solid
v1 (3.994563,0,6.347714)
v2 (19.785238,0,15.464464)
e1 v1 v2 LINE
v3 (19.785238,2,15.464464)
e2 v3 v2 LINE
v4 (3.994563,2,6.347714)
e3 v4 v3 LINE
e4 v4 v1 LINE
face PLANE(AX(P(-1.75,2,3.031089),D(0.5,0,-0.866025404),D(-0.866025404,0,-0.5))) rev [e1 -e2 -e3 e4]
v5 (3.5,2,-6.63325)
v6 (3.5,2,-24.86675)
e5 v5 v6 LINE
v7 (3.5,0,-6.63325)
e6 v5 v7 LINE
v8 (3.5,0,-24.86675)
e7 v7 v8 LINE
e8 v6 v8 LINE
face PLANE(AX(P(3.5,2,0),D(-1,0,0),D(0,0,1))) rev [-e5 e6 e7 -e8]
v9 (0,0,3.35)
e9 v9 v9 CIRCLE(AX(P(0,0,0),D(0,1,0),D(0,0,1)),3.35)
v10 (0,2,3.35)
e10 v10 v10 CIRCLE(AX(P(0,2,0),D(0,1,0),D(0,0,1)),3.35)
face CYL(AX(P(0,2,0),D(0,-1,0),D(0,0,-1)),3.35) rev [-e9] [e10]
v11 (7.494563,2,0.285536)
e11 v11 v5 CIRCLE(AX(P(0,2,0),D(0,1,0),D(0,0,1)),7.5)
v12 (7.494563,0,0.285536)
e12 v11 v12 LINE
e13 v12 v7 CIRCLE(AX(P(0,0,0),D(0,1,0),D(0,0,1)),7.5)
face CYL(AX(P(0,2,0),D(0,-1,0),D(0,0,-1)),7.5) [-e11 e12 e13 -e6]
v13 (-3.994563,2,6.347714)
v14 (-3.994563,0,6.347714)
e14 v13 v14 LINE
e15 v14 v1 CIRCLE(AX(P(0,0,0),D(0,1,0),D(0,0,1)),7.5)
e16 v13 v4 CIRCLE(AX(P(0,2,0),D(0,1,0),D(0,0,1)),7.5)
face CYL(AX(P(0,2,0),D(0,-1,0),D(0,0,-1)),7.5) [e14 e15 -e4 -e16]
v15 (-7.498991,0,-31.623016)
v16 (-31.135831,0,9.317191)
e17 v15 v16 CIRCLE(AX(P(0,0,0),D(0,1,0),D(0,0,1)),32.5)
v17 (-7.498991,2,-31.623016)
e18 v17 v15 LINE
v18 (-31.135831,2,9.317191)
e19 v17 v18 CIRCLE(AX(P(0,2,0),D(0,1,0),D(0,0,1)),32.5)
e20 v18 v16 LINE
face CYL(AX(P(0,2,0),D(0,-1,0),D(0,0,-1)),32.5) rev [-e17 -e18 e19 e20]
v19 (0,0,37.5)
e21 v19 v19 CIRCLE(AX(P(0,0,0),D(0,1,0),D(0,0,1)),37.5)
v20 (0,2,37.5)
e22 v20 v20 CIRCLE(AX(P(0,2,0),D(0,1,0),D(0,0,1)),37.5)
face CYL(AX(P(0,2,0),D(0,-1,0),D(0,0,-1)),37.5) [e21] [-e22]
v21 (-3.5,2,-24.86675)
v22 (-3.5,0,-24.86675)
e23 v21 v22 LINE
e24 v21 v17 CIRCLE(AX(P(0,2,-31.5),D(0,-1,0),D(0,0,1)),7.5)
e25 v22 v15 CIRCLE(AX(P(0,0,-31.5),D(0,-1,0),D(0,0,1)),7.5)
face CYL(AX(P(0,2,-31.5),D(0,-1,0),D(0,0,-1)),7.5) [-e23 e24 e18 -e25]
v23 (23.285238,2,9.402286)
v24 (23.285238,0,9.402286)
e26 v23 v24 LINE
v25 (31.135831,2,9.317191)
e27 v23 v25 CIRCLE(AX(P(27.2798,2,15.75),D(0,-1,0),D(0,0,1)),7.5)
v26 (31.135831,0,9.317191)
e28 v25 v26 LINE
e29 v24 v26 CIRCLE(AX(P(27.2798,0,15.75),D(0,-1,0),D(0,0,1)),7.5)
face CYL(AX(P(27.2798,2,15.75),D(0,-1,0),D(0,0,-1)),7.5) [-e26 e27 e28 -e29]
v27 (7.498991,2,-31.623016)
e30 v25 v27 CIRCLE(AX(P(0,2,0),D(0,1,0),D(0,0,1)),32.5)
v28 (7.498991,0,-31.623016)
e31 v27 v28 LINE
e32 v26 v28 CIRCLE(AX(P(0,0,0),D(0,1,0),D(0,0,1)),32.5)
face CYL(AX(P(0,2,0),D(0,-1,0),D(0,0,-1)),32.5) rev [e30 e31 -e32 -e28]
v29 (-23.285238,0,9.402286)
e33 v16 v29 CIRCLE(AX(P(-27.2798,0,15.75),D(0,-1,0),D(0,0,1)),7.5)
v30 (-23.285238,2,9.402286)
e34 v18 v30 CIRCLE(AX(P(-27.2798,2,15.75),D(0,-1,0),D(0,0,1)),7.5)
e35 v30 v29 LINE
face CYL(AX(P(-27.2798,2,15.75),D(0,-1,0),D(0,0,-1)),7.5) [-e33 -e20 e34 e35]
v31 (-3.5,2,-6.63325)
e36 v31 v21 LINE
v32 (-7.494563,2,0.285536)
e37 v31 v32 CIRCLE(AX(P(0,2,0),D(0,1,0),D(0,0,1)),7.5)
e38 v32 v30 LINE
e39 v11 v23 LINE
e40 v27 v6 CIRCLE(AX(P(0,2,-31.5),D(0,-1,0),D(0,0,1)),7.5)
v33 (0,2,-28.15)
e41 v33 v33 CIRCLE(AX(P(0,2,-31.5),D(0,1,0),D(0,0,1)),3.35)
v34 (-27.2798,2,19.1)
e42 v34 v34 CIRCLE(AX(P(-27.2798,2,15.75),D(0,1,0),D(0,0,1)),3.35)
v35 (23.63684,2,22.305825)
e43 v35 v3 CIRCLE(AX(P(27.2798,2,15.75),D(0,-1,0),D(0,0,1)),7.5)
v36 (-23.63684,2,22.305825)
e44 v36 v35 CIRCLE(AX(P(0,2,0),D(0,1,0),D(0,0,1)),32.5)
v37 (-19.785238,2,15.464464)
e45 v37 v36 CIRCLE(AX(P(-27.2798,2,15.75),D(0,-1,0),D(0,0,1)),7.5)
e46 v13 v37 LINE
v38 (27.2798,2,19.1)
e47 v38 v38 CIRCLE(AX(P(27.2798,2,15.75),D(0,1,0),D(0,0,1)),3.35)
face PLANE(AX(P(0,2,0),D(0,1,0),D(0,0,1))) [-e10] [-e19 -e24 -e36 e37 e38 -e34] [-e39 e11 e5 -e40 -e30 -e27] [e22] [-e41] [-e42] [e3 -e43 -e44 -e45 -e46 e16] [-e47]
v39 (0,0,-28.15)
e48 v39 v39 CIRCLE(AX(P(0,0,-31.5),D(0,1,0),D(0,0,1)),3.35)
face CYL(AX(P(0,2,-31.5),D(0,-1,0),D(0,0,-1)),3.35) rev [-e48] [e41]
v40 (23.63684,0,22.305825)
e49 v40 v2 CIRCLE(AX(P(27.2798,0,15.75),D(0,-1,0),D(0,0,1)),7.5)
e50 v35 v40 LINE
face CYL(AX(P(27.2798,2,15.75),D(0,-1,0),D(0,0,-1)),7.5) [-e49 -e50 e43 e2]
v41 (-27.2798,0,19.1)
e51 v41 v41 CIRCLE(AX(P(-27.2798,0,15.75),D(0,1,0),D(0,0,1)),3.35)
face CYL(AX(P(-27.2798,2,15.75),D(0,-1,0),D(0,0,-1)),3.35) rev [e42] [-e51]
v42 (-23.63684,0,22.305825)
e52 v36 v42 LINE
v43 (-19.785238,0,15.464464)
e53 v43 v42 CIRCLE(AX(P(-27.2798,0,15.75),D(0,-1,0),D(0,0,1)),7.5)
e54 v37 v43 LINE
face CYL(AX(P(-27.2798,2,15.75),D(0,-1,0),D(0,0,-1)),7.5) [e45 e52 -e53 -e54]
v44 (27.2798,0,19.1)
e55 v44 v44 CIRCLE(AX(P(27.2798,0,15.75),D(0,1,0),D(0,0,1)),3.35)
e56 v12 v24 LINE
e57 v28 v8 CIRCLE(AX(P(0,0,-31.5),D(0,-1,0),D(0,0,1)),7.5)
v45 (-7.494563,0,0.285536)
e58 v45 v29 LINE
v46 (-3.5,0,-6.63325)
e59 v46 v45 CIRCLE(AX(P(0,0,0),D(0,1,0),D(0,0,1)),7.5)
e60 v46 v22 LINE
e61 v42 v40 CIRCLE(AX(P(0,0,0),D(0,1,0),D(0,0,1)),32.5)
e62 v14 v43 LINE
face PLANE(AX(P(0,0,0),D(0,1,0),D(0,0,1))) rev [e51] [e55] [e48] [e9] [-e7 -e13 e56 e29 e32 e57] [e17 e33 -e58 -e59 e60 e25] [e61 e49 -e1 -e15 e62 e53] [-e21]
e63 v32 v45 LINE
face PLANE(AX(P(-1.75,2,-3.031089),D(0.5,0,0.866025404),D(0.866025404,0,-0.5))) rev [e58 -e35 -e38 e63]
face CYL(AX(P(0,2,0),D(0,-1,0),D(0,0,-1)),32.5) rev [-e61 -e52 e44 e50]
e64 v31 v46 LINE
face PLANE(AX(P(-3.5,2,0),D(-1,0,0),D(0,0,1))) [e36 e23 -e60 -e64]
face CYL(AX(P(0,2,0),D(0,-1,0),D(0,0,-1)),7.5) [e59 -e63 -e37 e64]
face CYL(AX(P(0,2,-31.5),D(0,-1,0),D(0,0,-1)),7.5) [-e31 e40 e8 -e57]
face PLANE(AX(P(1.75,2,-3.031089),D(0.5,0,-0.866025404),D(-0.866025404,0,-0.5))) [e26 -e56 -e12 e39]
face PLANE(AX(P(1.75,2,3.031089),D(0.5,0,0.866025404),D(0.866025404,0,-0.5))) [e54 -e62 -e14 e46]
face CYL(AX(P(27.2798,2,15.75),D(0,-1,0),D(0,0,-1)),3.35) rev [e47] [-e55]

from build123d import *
from build123d.topology import SkipClean

# Parameters (mm, degrees)
SKETCH1_R           = 37.5
SKETCH1_R_2         = 3.35
BOSS_EXTRUDE1_DEPTH = 2
BOSS_EXTRUDE2_DEPTH = 2


with BuildPart() as part:
    # Sketch1 → Boss-Extrude1 (new body)
    with BuildSketch(Plane(origin=(0, 0, 0), x_dir=(1, 0, 0), z_dir=(0, 1, 0))):
        with Locations(Location((0, 0, 0), (0, 0, 270))):
            Circle(SKETCH1_R)
        with Locations(Location((0, 31.5, 0), (0, 0, 270))):
            Circle(SKETCH1_R_2, mode=Mode.SUBTRACT)
        with Locations(Location((27.279800219, -15.75, 0), (0, 0, 270))):
            Circle(SKETCH1_R_2, mode=Mode.SUBTRACT)
        with Locations(Location((-27.279800219, -15.75, 0), (0, 0, 270))):
            Circle(SKETCH1_R_2, mode=Mode.SUBTRACT)
        with BuildLine():
            ThreePointArc((-7.498991072, 31.623015873), (-28.145825623, 16.25), (-31.135830626, -9.317191166))
            ThreePointArc((-31.135830626, -9.317191166), (-20.784609691, -12), (-23.636839554, -22.305824707))
            ThreePointArc((-23.636839554, -22.305824707), (0, -32.5), (23.636839554, -22.305824707))
            ThreePointArc((23.636839554, -22.305824707), (20.784609691, -12), (31.135830626, -9.317191166))
            ThreePointArc((31.135830626, -9.317191166), (28.145825623, 16.25), (7.498991072, 31.623015873))
            ThreePointArc((7.498991072, 31.623015873), (0, 24), (-7.498991072, 31.623015873))
        make_face(mode=Mode.SUBTRACT)
    extrude(amount=BOSS_EXTRUDE1_DEPTH)

    # Sketch2 → Boss-Extrude2 (add)
    with SkipClean():  # the faces are left unmerged after this step: merging them gives an invalid solid
        with BuildSketch(Plane(origin=(0, 0, 0), x_dir=(1, 0, 0), z_dir=(0, 1, 0))):
            with BuildLine():
                Line((-3.5, 31.5), (-3.5, 6.633249581))
                ThreePointArc((-3.5, 6.633249581), (-6.495190528, 3.75), (-7.494562647, -0.285535877))
                Line((-7.494562647, -0.285535877), (-29.029800219, -12.718911087))
                Line((-29.029800219, -12.718911087), (-28.954800219, -12.848814897))
                ThreePointArc((-28.954800219, -12.848814897), (-24.378615117, -14.075), (-25.604800219, -18.651185103))
                Line((-25.604800219, -18.651185103), (-25.529800219, -18.781088913))
                Line((-25.529800219, -18.781088913), (-3.994562647, -6.347713704))
                ThreePointArc((-3.994562647, -6.347713704), (0, -7.5), (3.994562647, -6.347713704))
                Line((3.994562647, -6.347713704), (25.529800219, -18.781088913))
                Line((25.529800219, -18.781088913), (25.604800219, -18.651185103))
                ThreePointArc((25.604800219, -18.651185103), (24.378615117, -14.075), (28.954800219, -12.848814897))
                Line((28.954800219, -12.848814897), (29.029800219, -12.718911087))
                Line((29.029800219, -12.718911087), (7.494562647, -0.285535877))
                ThreePointArc((7.494562647, -0.285535877), (6.495190528, 3.75), (3.5, 6.633249581))
                Line((3.5, 6.633249581), (3.5, 31.5))
                Line((3.5, 31.5), (3.35, 31.5))
                ThreePointArc((3.35, 31.5), (0, 28.15), (-3.35, 31.5))
                Line((-3.35, 31.5), (-3.5, 31.5))
            make_face()
            with BuildLine():
                ThreePointArc((-1.675, 2.901185103), (2.901185103, 1.675), (1.675, -2.901185103))
                ThreePointArc((1.675, -2.901185103), (-2.901185103, -1.675), (-1.675, 2.901185103))
            make_face(mode=Mode.SUBTRACT)
        extrude(amount=BOSS_EXTRUDE2_DEPTH)


solid = part.part
